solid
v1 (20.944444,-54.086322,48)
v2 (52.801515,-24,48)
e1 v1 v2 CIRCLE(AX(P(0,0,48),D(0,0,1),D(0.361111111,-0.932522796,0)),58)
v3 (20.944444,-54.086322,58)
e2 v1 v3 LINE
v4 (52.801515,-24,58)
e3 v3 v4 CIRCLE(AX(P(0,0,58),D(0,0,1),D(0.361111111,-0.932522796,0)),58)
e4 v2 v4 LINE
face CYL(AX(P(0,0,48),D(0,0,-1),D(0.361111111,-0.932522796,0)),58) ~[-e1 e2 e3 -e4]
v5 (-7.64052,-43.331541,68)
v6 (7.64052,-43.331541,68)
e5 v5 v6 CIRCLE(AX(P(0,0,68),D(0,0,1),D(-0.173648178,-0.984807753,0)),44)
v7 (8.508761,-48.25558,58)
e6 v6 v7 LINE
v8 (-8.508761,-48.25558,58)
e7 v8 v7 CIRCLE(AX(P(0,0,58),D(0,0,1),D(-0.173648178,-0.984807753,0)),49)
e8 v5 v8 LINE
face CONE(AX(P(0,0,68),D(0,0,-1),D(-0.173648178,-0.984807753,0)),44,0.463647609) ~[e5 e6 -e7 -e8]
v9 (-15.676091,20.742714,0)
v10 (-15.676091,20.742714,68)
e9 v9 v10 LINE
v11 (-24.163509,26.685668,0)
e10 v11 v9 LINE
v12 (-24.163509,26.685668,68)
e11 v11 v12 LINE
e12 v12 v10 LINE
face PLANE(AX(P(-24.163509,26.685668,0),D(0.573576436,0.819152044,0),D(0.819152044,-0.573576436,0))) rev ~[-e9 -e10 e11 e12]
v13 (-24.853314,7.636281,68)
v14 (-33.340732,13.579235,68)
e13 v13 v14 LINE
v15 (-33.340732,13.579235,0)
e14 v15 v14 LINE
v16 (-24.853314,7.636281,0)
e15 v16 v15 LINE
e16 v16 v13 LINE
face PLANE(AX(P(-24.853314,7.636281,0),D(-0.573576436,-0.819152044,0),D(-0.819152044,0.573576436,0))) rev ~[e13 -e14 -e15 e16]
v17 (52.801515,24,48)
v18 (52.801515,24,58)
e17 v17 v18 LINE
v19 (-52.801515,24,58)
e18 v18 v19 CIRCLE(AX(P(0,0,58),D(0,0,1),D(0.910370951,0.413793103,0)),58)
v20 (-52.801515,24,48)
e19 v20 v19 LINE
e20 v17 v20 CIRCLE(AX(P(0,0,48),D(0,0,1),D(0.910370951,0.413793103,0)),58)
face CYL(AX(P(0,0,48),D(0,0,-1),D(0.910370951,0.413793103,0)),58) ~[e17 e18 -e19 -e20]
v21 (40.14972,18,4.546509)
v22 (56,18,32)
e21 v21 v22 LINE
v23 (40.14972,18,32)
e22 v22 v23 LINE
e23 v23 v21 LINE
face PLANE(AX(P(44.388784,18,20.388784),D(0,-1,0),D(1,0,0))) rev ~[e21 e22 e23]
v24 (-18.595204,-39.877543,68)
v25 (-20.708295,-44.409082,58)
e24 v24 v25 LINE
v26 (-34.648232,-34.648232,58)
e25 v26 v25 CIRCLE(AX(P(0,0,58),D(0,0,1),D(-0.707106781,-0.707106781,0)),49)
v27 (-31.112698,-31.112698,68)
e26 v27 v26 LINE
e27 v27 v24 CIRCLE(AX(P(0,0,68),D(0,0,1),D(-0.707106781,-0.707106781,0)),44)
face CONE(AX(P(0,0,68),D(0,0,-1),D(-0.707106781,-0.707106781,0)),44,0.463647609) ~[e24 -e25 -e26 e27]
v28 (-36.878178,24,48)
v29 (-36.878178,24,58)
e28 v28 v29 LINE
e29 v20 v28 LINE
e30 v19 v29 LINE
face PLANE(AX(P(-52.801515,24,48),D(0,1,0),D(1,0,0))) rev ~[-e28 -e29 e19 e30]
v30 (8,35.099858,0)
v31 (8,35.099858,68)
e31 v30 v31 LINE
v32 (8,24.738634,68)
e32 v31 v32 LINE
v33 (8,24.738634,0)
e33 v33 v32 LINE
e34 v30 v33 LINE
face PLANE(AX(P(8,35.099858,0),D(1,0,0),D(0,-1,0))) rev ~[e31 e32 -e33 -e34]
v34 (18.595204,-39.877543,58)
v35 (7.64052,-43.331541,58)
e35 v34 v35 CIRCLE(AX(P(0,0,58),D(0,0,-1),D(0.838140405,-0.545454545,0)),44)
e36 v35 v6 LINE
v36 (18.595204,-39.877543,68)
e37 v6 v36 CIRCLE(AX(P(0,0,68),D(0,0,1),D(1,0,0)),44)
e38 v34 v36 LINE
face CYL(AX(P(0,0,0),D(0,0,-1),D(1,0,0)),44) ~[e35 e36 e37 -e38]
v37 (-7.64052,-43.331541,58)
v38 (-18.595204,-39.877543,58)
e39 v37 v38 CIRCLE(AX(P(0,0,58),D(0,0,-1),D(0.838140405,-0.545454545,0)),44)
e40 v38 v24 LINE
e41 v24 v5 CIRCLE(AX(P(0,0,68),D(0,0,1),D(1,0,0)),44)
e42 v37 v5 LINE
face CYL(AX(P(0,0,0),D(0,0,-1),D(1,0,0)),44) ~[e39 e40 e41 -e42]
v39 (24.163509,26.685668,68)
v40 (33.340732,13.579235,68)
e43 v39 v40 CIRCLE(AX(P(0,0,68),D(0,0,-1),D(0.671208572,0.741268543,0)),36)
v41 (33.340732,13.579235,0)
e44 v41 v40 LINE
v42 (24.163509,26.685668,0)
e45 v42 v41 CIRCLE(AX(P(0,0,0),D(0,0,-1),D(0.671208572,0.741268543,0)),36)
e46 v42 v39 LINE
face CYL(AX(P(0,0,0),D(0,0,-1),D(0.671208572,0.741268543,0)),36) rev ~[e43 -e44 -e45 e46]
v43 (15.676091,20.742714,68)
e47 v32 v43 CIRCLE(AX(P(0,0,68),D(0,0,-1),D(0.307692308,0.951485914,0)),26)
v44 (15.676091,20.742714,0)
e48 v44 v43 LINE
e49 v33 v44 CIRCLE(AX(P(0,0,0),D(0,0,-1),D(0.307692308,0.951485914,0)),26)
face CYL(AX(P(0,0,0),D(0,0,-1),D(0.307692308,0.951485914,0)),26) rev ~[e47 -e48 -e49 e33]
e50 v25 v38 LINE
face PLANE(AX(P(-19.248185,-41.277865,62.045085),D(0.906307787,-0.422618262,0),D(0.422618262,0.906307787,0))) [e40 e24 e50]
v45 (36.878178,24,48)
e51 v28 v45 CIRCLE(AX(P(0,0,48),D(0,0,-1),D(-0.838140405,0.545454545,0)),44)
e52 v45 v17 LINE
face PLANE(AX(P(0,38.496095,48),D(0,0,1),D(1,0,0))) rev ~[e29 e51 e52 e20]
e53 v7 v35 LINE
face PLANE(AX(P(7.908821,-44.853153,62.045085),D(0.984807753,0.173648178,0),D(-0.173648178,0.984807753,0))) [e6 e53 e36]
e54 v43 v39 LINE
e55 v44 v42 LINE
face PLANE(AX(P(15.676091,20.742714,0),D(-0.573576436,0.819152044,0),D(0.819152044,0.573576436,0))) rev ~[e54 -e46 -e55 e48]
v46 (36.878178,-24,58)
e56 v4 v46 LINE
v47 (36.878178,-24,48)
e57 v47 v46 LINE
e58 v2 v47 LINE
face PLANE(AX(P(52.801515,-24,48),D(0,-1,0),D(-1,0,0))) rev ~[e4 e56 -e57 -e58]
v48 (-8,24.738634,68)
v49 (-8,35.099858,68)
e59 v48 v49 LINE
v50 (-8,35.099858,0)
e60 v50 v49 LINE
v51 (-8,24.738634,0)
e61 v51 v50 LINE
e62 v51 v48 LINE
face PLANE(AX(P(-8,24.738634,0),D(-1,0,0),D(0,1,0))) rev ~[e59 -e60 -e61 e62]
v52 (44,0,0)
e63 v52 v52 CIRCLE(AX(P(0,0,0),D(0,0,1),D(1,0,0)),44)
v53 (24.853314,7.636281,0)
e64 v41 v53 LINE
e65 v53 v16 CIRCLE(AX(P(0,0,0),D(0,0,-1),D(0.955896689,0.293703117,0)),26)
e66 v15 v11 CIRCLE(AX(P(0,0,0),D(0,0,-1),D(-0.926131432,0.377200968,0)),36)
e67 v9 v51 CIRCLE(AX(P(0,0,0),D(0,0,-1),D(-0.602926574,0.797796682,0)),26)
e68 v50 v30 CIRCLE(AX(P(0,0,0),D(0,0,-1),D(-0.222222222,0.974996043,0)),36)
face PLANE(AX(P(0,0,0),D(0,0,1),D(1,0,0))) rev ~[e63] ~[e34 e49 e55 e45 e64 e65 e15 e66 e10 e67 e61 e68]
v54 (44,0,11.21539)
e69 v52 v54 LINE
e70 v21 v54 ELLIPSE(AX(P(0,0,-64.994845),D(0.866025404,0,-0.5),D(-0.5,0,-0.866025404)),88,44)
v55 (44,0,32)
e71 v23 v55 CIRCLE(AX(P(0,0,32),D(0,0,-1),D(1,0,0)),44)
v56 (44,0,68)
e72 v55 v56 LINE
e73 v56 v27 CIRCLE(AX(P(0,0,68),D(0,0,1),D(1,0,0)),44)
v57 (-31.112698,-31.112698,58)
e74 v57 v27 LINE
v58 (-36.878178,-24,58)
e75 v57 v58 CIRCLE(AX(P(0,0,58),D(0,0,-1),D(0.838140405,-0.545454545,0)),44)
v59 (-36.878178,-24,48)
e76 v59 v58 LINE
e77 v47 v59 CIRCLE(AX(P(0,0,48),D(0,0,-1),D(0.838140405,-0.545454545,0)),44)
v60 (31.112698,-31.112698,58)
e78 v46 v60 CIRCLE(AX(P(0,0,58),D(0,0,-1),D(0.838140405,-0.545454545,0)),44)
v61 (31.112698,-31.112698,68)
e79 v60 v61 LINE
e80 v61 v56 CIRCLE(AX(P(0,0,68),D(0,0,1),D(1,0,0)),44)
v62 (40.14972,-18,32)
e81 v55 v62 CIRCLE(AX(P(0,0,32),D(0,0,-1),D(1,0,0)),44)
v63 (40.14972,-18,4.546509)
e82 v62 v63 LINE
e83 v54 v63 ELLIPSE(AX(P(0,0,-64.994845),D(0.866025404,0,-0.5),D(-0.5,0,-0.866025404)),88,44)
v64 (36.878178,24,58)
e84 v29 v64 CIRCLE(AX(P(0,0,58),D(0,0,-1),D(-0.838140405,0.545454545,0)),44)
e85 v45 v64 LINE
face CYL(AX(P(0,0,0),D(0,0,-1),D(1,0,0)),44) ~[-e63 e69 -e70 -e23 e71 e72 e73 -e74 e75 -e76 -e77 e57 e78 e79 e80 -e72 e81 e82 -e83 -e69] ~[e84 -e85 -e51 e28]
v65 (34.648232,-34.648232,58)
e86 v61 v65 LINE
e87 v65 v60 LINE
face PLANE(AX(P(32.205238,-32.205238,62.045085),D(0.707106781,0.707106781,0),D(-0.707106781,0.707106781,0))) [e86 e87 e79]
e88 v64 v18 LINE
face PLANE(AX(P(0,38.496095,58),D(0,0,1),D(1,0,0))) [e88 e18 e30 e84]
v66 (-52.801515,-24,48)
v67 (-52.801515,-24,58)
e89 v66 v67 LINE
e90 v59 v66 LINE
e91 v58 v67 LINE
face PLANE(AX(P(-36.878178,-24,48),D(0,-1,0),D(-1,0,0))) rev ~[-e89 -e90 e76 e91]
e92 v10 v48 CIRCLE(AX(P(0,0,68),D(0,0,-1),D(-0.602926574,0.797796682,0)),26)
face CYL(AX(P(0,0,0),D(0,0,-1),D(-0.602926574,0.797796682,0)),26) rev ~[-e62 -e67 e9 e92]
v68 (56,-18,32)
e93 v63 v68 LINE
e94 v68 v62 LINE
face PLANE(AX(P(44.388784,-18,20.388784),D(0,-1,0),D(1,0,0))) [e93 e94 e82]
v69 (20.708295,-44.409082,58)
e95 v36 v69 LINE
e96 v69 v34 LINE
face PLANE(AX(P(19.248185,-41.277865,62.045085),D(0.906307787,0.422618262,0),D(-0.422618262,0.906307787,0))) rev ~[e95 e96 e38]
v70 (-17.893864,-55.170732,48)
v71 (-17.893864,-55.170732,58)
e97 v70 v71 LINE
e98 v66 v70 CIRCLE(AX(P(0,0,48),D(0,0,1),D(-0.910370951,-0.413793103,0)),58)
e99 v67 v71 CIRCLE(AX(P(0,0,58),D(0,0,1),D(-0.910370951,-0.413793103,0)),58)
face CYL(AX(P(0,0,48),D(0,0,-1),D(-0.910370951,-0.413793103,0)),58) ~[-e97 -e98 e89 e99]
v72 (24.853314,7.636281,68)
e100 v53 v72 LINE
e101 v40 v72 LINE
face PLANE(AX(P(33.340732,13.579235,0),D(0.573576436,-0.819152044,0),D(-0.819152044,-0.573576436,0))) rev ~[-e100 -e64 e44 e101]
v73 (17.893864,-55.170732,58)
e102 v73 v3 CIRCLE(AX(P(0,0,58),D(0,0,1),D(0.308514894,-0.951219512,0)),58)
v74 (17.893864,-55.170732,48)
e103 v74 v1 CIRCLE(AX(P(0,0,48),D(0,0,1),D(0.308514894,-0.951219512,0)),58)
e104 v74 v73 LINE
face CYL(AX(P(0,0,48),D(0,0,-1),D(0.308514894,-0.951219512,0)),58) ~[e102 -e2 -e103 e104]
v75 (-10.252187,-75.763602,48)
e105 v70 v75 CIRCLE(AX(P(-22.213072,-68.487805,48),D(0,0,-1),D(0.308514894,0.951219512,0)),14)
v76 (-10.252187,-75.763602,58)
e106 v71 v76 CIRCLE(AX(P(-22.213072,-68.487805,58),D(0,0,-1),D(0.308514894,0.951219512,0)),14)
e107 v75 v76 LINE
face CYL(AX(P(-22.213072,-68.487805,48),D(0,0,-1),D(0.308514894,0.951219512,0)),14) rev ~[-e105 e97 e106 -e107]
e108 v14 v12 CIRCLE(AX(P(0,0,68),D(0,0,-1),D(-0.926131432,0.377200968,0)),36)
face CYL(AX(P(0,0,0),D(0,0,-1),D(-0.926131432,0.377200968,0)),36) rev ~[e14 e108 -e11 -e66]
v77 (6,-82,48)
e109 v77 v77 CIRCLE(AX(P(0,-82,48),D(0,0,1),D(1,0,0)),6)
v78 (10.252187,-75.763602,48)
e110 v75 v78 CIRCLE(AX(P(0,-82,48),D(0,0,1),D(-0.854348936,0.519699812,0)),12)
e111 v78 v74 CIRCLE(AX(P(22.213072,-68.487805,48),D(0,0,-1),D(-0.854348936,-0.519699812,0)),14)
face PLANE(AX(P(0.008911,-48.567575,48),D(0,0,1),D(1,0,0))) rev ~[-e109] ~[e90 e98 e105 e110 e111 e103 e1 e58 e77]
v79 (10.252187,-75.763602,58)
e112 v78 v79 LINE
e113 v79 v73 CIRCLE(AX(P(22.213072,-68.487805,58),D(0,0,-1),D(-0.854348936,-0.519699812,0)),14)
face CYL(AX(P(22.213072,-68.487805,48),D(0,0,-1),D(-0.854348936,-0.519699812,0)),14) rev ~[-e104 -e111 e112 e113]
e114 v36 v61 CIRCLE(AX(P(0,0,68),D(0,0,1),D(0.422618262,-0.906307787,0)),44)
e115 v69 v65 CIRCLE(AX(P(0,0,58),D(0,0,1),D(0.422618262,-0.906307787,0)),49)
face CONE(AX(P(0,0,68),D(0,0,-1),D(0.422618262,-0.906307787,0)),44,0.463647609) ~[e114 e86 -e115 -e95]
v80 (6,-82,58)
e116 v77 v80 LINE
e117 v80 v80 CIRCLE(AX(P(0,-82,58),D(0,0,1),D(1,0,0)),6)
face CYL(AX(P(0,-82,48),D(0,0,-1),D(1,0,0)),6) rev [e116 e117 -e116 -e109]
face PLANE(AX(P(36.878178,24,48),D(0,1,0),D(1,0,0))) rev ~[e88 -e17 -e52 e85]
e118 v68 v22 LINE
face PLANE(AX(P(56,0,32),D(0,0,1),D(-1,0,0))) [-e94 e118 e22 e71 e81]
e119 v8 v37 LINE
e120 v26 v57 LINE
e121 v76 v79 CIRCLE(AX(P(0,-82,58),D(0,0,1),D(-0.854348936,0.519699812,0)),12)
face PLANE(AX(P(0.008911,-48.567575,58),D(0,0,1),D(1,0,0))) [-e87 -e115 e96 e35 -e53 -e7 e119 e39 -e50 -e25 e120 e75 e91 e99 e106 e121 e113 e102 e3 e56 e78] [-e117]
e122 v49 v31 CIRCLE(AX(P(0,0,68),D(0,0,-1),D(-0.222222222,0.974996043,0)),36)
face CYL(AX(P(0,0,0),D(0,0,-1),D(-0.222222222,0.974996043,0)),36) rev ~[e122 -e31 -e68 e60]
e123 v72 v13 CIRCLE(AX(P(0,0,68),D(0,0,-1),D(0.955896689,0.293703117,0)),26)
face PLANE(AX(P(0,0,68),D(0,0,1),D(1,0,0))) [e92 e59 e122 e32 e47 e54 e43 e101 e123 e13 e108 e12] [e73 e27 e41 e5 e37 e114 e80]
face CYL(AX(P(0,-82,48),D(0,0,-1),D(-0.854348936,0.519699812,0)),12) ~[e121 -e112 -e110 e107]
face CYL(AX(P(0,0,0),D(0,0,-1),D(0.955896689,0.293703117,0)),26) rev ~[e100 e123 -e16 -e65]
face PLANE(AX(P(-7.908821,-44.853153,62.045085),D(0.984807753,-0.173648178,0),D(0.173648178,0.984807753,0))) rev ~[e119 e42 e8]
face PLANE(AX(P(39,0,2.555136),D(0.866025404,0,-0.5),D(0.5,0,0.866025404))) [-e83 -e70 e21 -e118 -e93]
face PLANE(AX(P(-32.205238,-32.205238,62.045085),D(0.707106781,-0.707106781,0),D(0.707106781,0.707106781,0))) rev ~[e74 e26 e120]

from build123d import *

# Parameters (mm, degrees)
F0_R           = 44
F1_DEPTH       = 68
F3_R           = 6
F4_DEPTH       = 10
F6_DEPTH       = 18
F8_ANGLE_BACK  = 10
F8_ANGLE       = 20
F12_ANGLE_BACK = 10
F12_ANGLE      = 20
F14_ANGLE_BACK = 10
F14_ANGLE      = 20


with BuildPart() as f1:
    # F0 (on Top) → F1 (new body)
    with BuildSketch(Plane.XY):
        Circle(F0_R)
        with BuildLine():
            ThreePointArc((-33.3407315568, 13.5792348554), (-29.4894735944, 20.6487517086), (-24.1635085752, 26.685667564))
            Line((-24.1635085752, 26.685667564), (-15.6760909215, 20.742713743))
            ThreePointArc((-15.6760909215, 20.742713743), (-12.0054639441, 23.0622816626), (-8, 24.7386337537))
            Line((-8, 24.7386337537), (-8, 35.0998575496))
            ThreePointArc((-8, 35.0998575496), (0, 36), (8, 35.0998575496))
            Line((8, 35.0998575496), (8, 24.7386337537))
            ThreePointArc((8, 24.7386337537), (12.0054639441, 23.0622816626), (15.6760909215, 20.742713743))
            Line((15.6760909215, 20.742713743), (24.1635085752, 26.685667564))
            ThreePointArc((24.1635085752, 26.685667564), (29.4894735944, 20.6487517086), (33.3407315568, 13.5792348554))
            Line((33.3407315568, 13.5792348554), (24.8533139031, 7.6362810343))
            ThreePointArc((24.8533139031, 7.6362810343), (0, -26), (-24.8533139031, 7.6362810343))
            Line((-24.8533139031, 7.6362810343), (-33.3407315568, 13.5792348554))
        make_face(mode=Mode.SUBTRACT)
    extrude(amount=F1_DEPTH)

    # F3 (on offset) → F4 (join)
    with BuildSketch(Plane.XY.offset(48)):
        with BuildLine():
            Line((-36.8781778292, -24), (-52.8015151298, -24))
            ThreePointArc((-52.8015151298, -24), (-38.6311115614, -43.2624227191), (-17.8938638331, -55.1707317073))
            ThreePointArc((-17.8938638331, -55.1707317073), (-9.0876412514, -63.6171726174), (-10.252187236, -75.7636022514))
            ThreePointArc((-10.252187236, -75.7636022514), (0, -94), (10.252187236, -75.7636022514))
            ThreePointArc((10.252187236, -75.7636022514), (9.0876412514, -63.6171726174), (17.8938638331, -55.1707317073))
            ThreePointArc((17.8938638331, -55.1707317073), (19.4267221495, -54.6498167108), (20.9444444444, -54.0863221796))
            ThreePointArc((20.9444444444, -54.0863221796), (39.8235273922, -42.1673649407), (52.8015151298, -24))
            Line((52.8015151298, -24), (36.8781778292, -24))
            ThreePointArc((36.8781778292, -24), (0, -44), (-36.8781778292, -24))
        make_face()
        with Locations((0, -82)):
            Circle(F3_R, mode=Mode.SUBTRACT)
        with BuildLine():
            Line((-52.8015151298, 24), (-36.8781778292, 24))
            ThreePointArc((-36.8781778292, 24), (0, 44), (36.8781778292, 24))
            Line((36.8781778292, 24), (52.8015151298, 24))
            ThreePointArc((52.8015151298, 24), (0, 58), (-52.8015151298, 24))
        make_face()
    extrude(amount=F4_DEPTH)

    # F5 (on Front) → F6 (join, symmetric)
    with BuildSketch(Plane.XZ):
        Polygon((56, 32), (39, 32), (39, 2.5551362713), align=None)
    extrude(amount=F6_DEPTH, both=True)

    # F7 (on Right) → F8 (revolve)
    with BuildSketch(Plane.YZ, mode=Mode.PRIVATE) as f8_sk:
        Polygon((-44, 58), (-44, 68), (-49, 58), align=None)
    revolve(f8_sk.sketch.rotate(Axis((0, 0, 36.8064753711), (0, 0, 1)), -F8_ANGLE_BACK), axis=Axis((0, 0, 36.8064753711), (0, 0, 1)), revolution_arc=F8_ANGLE)

    # F11 (on line) → F12 (revolve)
    with BuildSketch(Plane(origin=(0, 0, 0), x_dir=(-0.5735764364, 0.8191520443, 0), z_dir=(0.8191520443, 0.5735764364, 0)), mode=Mode.PRIVATE) as f12_sk:
        Polygon((-44, 58), (-44, 68), (-49, 58), align=None)
    revolve(f12_sk.sketch.rotate(Axis((0, 0, 36.8064753711), (0, 0, 1)), -F12_ANGLE_BACK), axis=Axis((0, 0, 36.8064753711), (0, 0, 1)), revolution_arc=F12_ANGLE)

    # F13 (on line) → F14 (revolve)
    with BuildSketch(Plane(origin=(0, 0, 0), x_dir=(0.5735764364, 0.8191520443, 0), z_dir=(0.8191520443, -0.5735764364, 0)), mode=Mode.PRIVATE) as f14_sk:
        Polygon((-49, 58), (-44, 58), (-44, 68), align=None)
    revolve(f14_sk.sketch.rotate(Axis((0, 0, 36.8064753711), (0, 0, 1)), -F14_ANGLE_BACK), axis=Axis((0, 0, 36.8064753711), (0, 0, 1)), revolution_arc=F14_ANGLE)


solid = f1.part
